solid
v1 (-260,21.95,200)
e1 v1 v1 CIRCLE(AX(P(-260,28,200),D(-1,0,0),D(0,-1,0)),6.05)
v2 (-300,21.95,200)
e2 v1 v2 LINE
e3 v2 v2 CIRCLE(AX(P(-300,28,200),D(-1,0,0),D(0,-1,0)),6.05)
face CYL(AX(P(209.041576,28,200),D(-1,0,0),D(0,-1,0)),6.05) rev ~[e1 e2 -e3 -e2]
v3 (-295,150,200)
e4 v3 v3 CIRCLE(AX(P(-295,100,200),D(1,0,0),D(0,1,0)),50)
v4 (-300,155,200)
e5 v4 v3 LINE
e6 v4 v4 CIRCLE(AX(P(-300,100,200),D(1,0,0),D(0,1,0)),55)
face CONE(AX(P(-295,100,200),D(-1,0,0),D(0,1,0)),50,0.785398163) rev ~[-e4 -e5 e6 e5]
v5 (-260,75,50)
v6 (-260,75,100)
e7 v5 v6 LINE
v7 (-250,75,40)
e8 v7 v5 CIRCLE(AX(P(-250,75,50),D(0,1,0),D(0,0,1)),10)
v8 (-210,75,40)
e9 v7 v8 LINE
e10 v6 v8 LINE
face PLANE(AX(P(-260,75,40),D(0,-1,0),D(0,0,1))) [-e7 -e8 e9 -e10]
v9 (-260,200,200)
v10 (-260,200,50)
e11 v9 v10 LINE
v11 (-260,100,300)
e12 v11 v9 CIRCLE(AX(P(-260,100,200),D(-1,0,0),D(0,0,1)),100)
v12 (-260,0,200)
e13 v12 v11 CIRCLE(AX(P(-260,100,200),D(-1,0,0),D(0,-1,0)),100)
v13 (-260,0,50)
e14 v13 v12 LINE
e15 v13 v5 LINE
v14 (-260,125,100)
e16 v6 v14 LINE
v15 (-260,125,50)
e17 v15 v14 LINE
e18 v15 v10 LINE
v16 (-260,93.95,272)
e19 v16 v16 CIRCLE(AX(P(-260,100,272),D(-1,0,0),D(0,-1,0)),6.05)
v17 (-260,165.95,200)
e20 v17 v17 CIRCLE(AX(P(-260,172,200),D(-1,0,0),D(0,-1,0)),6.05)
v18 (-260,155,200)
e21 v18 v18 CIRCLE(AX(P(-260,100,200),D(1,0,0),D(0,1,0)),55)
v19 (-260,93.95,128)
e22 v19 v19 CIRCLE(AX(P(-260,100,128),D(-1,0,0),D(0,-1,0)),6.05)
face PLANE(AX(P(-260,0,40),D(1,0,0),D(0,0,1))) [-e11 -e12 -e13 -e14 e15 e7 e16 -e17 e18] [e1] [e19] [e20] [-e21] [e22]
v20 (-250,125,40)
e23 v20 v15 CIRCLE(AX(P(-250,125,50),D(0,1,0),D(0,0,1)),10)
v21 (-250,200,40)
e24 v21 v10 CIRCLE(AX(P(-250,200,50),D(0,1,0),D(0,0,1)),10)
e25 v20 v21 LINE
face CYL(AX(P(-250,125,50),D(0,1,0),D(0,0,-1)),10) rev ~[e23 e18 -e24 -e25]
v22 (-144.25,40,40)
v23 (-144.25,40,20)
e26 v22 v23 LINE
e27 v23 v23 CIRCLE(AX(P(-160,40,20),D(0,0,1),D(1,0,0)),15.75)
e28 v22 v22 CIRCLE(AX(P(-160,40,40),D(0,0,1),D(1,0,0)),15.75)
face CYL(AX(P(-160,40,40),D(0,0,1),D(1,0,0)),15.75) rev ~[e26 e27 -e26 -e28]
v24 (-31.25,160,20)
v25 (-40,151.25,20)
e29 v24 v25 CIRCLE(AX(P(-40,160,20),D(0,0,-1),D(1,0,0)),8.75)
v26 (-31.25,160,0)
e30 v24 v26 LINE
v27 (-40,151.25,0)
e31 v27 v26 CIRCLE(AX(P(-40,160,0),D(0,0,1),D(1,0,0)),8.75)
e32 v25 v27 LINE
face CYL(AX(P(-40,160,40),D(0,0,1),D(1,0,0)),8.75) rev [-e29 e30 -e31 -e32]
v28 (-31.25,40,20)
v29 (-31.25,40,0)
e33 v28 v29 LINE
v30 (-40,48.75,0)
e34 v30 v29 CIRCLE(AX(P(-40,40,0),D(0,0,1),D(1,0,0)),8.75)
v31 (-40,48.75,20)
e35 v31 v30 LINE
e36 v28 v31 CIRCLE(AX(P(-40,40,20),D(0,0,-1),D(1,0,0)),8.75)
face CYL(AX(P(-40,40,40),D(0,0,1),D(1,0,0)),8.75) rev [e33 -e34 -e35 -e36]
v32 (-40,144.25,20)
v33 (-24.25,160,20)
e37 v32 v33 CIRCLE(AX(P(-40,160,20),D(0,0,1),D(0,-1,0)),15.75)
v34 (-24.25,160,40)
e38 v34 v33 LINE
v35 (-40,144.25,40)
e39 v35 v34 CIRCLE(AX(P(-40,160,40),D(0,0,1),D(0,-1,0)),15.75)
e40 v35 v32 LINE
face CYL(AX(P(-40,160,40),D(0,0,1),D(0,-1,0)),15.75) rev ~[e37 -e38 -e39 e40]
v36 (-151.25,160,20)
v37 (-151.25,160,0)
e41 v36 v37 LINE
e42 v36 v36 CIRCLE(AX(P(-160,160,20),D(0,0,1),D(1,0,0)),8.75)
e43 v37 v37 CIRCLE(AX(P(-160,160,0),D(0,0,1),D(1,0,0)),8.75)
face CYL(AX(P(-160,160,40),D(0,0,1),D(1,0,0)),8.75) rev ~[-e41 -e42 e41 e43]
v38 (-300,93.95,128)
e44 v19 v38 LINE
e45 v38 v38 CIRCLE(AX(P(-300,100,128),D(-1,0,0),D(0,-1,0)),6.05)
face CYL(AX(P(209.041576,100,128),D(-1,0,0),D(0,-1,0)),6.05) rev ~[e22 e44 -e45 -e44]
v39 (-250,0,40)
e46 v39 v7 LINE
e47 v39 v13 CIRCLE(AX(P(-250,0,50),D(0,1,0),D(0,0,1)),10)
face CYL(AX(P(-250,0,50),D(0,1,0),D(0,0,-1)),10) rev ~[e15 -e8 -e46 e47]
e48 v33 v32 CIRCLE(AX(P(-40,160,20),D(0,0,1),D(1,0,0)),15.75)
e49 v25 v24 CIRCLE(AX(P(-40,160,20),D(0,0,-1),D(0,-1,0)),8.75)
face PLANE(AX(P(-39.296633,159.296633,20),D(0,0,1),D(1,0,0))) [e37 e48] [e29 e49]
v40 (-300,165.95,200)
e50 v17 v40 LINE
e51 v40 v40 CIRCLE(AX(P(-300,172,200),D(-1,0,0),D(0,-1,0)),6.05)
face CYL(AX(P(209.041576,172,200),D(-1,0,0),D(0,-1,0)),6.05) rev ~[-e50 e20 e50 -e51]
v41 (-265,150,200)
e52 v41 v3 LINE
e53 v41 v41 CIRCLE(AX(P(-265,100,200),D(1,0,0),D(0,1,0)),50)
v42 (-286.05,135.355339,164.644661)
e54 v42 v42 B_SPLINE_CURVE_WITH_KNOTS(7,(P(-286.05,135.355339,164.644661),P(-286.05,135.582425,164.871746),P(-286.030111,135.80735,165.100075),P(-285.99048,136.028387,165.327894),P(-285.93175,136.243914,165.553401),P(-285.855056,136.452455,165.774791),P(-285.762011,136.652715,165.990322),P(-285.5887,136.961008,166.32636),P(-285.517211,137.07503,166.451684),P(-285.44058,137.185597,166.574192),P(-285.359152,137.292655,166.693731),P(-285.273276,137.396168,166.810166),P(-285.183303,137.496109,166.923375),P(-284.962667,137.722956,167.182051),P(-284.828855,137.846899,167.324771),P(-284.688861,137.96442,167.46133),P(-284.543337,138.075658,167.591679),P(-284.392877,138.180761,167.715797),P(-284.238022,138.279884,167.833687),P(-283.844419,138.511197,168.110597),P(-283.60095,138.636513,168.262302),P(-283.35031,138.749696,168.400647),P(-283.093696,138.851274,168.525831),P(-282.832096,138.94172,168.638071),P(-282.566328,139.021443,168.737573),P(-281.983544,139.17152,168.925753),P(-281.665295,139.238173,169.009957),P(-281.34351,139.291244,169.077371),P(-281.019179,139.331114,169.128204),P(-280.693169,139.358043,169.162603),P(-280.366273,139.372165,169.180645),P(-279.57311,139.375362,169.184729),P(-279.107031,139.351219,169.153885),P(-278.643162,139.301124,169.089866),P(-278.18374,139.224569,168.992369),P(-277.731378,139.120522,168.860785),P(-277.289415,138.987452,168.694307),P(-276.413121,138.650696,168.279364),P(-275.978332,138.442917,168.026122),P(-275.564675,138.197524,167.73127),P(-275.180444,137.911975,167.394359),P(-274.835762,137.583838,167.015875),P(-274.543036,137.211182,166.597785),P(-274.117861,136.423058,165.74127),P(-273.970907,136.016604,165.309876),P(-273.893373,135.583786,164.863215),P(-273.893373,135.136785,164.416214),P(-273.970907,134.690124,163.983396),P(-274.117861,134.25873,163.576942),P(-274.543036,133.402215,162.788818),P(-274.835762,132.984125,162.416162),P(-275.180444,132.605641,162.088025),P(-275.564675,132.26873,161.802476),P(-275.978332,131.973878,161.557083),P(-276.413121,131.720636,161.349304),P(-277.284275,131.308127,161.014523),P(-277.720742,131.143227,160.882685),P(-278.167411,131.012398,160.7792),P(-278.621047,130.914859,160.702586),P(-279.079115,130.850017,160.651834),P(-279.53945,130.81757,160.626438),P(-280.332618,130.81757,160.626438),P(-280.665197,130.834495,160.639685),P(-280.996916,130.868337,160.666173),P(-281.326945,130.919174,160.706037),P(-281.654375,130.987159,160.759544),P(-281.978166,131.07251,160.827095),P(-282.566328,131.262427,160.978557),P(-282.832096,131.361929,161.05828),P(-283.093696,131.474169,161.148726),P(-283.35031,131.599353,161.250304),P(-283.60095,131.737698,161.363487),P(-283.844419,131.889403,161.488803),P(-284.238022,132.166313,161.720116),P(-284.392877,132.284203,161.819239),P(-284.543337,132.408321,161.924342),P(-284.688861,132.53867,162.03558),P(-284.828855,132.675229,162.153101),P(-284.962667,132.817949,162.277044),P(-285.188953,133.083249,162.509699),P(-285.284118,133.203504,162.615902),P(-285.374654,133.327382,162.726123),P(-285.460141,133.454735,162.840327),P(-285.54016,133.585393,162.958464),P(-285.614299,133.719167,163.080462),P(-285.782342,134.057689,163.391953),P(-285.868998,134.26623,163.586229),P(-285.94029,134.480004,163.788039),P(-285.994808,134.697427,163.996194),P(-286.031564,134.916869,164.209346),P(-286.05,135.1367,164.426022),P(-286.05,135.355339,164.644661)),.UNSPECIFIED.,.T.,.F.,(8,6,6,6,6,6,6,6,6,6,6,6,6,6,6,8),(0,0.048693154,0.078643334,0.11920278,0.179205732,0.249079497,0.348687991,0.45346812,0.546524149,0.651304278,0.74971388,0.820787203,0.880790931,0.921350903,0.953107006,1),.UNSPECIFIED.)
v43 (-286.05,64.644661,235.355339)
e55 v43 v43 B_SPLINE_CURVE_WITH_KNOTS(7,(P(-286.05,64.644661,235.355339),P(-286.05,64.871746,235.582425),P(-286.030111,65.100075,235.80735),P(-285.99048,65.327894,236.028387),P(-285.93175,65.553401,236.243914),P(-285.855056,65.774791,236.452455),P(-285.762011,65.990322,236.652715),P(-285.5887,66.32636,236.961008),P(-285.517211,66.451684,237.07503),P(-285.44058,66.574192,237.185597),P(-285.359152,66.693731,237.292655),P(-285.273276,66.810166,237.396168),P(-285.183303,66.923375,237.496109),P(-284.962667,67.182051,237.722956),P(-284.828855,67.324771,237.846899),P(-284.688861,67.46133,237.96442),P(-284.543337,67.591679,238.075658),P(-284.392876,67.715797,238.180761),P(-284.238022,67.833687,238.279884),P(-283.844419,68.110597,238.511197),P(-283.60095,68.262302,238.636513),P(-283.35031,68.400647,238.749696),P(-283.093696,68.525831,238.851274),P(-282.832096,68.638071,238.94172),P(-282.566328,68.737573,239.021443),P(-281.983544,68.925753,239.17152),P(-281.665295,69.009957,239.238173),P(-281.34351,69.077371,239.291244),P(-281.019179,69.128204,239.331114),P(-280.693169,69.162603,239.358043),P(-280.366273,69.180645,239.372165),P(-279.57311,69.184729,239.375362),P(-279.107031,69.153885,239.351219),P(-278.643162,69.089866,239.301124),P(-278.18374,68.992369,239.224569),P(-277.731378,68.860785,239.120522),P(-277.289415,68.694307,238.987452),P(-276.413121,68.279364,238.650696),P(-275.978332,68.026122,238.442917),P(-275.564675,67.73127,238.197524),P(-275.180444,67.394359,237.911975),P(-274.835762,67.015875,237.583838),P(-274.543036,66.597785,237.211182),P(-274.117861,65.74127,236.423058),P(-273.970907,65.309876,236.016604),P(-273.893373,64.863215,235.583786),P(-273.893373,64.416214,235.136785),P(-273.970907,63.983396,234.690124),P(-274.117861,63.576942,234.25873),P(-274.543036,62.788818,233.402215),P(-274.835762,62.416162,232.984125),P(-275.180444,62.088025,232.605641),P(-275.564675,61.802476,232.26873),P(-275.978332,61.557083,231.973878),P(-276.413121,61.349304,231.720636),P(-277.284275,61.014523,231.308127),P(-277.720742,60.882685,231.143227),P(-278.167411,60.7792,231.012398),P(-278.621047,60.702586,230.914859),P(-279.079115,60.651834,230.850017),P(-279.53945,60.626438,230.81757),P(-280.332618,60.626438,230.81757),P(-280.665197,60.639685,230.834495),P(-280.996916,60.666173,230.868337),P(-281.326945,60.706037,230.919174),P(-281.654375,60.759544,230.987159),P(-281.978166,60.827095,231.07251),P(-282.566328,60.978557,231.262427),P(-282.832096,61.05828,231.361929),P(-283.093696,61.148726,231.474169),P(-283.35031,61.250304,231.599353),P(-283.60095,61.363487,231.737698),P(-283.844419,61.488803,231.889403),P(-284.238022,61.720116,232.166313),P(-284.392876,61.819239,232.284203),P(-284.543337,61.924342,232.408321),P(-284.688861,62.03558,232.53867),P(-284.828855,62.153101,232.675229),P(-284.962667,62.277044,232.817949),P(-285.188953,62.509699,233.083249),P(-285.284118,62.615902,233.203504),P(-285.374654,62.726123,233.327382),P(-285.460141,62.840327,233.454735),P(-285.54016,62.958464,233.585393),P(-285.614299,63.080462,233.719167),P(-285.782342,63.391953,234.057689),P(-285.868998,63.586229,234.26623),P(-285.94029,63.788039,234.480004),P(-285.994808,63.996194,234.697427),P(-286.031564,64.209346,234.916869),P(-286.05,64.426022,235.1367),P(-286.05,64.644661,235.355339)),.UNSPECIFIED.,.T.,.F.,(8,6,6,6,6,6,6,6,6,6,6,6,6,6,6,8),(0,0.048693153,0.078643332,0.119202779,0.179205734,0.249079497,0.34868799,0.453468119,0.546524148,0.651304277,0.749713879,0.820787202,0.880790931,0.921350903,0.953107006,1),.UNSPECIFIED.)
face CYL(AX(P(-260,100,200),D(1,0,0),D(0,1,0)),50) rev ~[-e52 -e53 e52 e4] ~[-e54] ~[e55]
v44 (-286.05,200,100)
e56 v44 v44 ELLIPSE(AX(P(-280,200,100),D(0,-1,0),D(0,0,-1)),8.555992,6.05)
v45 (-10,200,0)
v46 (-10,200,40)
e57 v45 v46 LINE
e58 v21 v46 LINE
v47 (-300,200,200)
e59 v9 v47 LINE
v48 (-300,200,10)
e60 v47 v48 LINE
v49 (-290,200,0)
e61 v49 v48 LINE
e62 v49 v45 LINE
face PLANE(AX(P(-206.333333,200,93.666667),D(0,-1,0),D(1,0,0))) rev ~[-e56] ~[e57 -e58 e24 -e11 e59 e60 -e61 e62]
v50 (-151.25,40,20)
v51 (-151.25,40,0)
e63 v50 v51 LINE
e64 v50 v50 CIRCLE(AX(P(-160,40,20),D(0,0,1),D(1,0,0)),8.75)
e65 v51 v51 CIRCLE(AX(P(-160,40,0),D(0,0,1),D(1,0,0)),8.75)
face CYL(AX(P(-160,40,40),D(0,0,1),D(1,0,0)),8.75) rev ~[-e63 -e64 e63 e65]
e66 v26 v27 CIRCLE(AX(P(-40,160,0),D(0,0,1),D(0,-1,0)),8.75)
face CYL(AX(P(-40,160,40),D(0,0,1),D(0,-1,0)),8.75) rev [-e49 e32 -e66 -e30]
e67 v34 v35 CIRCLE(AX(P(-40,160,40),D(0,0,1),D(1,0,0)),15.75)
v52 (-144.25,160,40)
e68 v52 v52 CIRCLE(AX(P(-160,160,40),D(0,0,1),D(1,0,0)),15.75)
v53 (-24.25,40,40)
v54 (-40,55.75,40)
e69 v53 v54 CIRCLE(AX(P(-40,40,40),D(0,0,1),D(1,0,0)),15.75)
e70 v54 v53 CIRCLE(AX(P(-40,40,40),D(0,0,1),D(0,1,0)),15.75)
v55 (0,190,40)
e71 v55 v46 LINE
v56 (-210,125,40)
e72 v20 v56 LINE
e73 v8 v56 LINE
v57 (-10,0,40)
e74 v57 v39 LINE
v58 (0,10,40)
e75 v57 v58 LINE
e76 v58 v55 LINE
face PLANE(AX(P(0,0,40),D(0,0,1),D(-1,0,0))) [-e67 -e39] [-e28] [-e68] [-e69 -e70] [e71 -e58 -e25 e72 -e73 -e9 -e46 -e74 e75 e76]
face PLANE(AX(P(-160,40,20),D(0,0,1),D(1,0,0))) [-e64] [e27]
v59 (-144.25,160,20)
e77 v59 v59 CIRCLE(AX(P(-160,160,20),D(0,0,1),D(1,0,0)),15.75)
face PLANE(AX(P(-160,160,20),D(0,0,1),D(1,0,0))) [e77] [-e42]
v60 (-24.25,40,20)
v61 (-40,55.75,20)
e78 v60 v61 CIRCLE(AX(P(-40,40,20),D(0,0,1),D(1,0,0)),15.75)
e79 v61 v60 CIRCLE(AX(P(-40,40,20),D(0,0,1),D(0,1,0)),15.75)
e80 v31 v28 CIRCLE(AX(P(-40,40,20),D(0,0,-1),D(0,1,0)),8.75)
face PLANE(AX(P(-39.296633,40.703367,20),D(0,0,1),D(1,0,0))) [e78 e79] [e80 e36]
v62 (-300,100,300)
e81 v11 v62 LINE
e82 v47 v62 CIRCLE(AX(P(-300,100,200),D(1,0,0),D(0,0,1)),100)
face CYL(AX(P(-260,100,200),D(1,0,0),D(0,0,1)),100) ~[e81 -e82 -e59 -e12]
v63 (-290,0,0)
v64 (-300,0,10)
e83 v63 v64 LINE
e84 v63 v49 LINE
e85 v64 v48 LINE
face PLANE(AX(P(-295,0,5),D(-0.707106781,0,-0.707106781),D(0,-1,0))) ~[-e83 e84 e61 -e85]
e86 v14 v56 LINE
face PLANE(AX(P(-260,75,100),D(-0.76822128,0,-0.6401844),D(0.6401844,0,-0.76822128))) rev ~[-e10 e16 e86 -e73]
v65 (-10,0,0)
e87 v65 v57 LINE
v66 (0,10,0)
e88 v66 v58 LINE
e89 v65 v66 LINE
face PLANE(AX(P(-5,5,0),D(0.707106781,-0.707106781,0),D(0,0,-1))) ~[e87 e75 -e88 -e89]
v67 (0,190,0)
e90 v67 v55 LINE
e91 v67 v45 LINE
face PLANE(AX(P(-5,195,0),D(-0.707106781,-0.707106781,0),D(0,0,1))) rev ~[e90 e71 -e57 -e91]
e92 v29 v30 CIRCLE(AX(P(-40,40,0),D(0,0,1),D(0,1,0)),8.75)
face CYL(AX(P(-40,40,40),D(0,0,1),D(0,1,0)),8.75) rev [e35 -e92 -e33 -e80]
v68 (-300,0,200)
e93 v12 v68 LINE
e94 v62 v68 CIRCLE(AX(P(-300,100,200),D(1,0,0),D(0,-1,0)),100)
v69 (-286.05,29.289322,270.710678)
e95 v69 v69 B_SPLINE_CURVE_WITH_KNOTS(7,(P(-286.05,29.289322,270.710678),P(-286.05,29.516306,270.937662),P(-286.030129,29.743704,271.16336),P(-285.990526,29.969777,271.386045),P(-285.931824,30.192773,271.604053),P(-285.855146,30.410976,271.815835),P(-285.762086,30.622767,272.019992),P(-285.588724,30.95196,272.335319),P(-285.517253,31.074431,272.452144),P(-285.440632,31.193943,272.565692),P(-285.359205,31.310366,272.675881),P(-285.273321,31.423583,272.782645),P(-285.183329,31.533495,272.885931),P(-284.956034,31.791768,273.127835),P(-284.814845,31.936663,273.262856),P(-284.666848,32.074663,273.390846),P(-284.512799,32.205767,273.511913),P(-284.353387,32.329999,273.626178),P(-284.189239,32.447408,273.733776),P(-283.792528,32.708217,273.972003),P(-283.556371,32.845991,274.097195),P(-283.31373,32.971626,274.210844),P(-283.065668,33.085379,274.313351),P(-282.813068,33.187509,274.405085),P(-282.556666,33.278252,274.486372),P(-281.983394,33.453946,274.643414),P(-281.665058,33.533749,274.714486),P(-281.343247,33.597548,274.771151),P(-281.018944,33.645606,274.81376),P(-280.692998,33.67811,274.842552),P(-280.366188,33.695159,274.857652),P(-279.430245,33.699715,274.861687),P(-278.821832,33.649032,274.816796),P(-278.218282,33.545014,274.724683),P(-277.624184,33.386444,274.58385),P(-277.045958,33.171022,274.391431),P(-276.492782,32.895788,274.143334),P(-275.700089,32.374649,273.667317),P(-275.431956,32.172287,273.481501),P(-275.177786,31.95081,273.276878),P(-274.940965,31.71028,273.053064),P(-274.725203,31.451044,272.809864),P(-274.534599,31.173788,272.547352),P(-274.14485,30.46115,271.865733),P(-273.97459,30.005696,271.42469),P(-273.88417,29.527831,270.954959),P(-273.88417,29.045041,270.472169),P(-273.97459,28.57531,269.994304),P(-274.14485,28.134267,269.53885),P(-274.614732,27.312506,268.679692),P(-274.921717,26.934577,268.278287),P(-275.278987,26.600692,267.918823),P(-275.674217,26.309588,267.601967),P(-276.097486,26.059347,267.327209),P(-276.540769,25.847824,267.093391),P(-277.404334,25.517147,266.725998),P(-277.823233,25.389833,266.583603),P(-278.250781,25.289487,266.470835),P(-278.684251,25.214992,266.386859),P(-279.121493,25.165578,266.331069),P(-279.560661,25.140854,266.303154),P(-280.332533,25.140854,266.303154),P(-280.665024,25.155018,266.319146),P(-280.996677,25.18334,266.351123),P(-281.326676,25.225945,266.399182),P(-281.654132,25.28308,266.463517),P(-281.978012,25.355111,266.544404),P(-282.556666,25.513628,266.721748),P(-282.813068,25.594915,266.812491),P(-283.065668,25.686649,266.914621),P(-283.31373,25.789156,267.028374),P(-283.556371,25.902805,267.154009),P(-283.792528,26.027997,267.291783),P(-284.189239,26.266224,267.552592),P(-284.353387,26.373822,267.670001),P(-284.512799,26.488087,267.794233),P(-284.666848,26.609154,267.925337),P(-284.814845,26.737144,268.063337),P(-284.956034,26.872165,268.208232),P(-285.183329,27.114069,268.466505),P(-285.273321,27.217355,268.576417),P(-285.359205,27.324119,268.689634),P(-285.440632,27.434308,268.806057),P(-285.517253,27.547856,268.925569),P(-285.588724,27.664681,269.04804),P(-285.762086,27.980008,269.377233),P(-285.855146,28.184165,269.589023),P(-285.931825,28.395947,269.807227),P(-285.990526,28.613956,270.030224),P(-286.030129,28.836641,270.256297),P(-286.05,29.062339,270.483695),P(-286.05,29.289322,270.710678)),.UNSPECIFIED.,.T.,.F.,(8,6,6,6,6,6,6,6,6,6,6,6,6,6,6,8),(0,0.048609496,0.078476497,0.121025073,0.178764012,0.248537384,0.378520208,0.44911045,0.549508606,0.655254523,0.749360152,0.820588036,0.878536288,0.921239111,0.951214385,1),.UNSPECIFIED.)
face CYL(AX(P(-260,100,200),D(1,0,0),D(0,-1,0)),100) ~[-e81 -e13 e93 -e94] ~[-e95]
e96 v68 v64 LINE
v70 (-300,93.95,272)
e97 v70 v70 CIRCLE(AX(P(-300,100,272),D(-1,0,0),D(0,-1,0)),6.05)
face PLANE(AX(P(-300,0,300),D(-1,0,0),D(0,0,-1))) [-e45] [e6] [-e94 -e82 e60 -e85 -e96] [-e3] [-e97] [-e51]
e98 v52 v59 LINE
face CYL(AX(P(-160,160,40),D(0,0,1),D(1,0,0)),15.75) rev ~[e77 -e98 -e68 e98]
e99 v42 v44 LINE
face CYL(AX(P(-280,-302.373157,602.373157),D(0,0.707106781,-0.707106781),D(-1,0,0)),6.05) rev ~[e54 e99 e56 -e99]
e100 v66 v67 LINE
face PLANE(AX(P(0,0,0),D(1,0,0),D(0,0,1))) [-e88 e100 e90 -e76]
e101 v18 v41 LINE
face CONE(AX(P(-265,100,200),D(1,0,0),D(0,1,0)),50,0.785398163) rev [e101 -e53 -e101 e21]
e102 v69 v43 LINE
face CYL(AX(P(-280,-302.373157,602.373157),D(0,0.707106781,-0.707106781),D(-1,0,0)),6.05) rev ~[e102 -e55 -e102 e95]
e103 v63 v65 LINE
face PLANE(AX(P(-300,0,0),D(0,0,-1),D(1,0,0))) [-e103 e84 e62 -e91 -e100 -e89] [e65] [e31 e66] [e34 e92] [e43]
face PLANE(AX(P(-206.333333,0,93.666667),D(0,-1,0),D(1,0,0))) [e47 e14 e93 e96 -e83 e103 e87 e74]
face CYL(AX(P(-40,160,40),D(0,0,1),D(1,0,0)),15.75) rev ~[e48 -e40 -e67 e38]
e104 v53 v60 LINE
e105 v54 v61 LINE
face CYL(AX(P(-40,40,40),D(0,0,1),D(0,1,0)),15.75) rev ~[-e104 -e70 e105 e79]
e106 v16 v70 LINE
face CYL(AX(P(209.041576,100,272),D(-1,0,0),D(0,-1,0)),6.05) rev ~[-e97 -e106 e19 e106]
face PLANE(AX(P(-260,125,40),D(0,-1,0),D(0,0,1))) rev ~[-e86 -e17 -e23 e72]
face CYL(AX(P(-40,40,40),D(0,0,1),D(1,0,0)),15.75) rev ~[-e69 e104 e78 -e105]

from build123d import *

# Parameters (mm, degrees)
F1_DEPTH  = 200
F2_R      = 15.75
F2_R_2    = 8.75
F3_DEPTH  = 20
F4_DEPTH  = 40.001
F6_DEPTH  = 89
F5_R      = 50
F7_DEPTH  = 221
F8_D      = 12.1
F9_W      = 50
F9_H      = 60
F10_DEPTH = 50
F12_DEPTH = 125.001
F13_R     = 10
F14_SIZE  = 10
F15_SIZE  = 5
F16_SIZE  = 10
F20_D     = 12.1


with BuildPart() as f1:
    # F0 (on Front) → F1 (new body)
    with BuildSketch(Plane.XZ):
        Polygon((-300, 0), (0, 0), (0, 40), (-260, 40), (-260, 300), (-300, 300), align=None)
    extrude(amount=-F1_DEPTH)

    # F2 (on face) → F3 (cut)
    with BuildSketch(Plane.XY.offset(40)):
        with Locations((-160, 160)):
            Circle(F2_R)
        with Locations((-160, 160)):
            Circle(F2_R_2, mode=Mode.SUBTRACT)
        with Locations((-160, 40)):
            Circle(F2_R)
        with Locations((-160, 40)):
            Circle(F2_R_2, mode=Mode.SUBTRACT)
        with BuildLine():
            ThreePointArc((-24.25, 40), (-28.8630681963, 51.1369318037), (-40, 55.75))
            ThreePointArc((-40, 55.75), (-51.1369318037, 28.8630681963), (-24.25, 40))
        make_face()
        with BuildLine():
            ThreePointArc((-31.25, 40), (-46.1871843354, 33.8128156646), (-40, 48.75))
            ThreePointArc((-40, 48.75), (-33.8128156646, 46.1871843354), (-31.25, 40))
        make_face(mode=Mode.SUBTRACT)
        with BuildLine():
            ThreePointArc((-24.25, 160), (-51.1369318037, 171.1369318037), (-40, 144.25))
            ThreePointArc((-40, 144.25), (-28.8630681963, 148.8630681963), (-24.25, 160))
        make_face()
        with BuildLine():
            ThreePointArc((-31.25, 160), (-33.8128156646, 153.8128156646), (-40, 151.25))
            ThreePointArc((-40, 151.25), (-46.1871843354, 166.1871843354), (-31.25, 160))
        make_face(mode=Mode.SUBTRACT)
    extrude(amount=-F3_DEPTH, mode=Mode.SUBTRACT)

    # F4 (cut, through all): faces of the model
    f4_faces = [f1.faces().sort_by_distance(p)[0] for p in [
        (-160, 160, 40),
        (-40, 160, 40),
        (-40, 40, 40),
        (-160, 40, 40),
    ]]
    extrude(f4_faces, amount=-F4_DEPTH, mode=Mode.SUBTRACT)

    # F5 (on face) → F6 (cut)
    with BuildSketch(Plane.YZ.offset(-260)):
        with BuildLine():
            ThreePointArc((0, 200), (29.2893218813, 270.7106781187), (100, 300))
            Line((100, 300), (0, 300))
            Line((0, 300), (0, 200))
        make_face()
        with BuildLine():
            ThreePointArc((100, 300), (170.7106781187, 270.7106781187), (200, 200))
            Line((200, 200), (200, 300))
            Line((200, 300), (100, 300))
        make_face()
    extrude(amount=-F6_DEPTH, mode=Mode.SUBTRACT)

    # F5 (on face) → F7 (cut)
    with BuildSketch(Plane.YZ.offset(-260)):
        with Locations((100, 200)):
            Circle(F5_R)
    extrude(amount=-F7_DEPTH, mode=Mode.SUBTRACT)

    # F8 (through all)
    with Locations(Plane.YZ.offset(-260)):
        with Locations((28, 200), (100, 272), (172, 200), (100, 128)):
            Hole(F8_D / 2)

    # F9 (on face) → F10 (join)
    with BuildSketch(Plane.YZ.offset(-260)):
        with Locations((100, 70)):
            Rectangle(F9_W, F9_H)
    extrude(amount=F10_DEPTH)

    # F11 (on face) → F12 (cut, through all)
    with BuildSketch(Plane.XZ.offset(-75)):
        Polygon((-210, 100), (-260, 100), (-210, 40), align=None)
    extrude(amount=-F12_DEPTH, mode=Mode.SUBTRACT)

    # F13
    f13_edges = [f1.edges().sort_by_distance(p)[0] for p in [
        (-260, 37.5, 40),
        (-260, 162.5, 40),
    ]]
    fillet(f13_edges, radius=F13_R)

    # F14
    f14_edges = [f1.edges().sort_by_distance(p)[0] for p in [
        (0, 0, 20),
        (0, 200, 20),
    ]]
    chamfer(f14_edges, length=F14_SIZE)

    # F15
    f15_edges = [f1.edges().sort_by_distance(p)[0] for p in [
        (-260, 50, 200),
        (-300, 50, 200),
    ]]
    chamfer(f15_edges, length=F15_SIZE)

    # F16
    f16_edges = [f1.edges().sort_by_distance(p)[0] for p in [
        (-300, 100, 0),
    ]]
    chamfer(f16_edges, length=F16_SIZE)

    # F20 (through all)
    with Locations(Plane(origin=(0, -120.7106781187, 120.7106781187), x_dir=(1, 0, 0), z_dir=(0, -0.7071067812, 0.7071067812))):
        with Locations((-280, 212.132034356)):
            Hole(F20_D / 2)


solid = f1.part
